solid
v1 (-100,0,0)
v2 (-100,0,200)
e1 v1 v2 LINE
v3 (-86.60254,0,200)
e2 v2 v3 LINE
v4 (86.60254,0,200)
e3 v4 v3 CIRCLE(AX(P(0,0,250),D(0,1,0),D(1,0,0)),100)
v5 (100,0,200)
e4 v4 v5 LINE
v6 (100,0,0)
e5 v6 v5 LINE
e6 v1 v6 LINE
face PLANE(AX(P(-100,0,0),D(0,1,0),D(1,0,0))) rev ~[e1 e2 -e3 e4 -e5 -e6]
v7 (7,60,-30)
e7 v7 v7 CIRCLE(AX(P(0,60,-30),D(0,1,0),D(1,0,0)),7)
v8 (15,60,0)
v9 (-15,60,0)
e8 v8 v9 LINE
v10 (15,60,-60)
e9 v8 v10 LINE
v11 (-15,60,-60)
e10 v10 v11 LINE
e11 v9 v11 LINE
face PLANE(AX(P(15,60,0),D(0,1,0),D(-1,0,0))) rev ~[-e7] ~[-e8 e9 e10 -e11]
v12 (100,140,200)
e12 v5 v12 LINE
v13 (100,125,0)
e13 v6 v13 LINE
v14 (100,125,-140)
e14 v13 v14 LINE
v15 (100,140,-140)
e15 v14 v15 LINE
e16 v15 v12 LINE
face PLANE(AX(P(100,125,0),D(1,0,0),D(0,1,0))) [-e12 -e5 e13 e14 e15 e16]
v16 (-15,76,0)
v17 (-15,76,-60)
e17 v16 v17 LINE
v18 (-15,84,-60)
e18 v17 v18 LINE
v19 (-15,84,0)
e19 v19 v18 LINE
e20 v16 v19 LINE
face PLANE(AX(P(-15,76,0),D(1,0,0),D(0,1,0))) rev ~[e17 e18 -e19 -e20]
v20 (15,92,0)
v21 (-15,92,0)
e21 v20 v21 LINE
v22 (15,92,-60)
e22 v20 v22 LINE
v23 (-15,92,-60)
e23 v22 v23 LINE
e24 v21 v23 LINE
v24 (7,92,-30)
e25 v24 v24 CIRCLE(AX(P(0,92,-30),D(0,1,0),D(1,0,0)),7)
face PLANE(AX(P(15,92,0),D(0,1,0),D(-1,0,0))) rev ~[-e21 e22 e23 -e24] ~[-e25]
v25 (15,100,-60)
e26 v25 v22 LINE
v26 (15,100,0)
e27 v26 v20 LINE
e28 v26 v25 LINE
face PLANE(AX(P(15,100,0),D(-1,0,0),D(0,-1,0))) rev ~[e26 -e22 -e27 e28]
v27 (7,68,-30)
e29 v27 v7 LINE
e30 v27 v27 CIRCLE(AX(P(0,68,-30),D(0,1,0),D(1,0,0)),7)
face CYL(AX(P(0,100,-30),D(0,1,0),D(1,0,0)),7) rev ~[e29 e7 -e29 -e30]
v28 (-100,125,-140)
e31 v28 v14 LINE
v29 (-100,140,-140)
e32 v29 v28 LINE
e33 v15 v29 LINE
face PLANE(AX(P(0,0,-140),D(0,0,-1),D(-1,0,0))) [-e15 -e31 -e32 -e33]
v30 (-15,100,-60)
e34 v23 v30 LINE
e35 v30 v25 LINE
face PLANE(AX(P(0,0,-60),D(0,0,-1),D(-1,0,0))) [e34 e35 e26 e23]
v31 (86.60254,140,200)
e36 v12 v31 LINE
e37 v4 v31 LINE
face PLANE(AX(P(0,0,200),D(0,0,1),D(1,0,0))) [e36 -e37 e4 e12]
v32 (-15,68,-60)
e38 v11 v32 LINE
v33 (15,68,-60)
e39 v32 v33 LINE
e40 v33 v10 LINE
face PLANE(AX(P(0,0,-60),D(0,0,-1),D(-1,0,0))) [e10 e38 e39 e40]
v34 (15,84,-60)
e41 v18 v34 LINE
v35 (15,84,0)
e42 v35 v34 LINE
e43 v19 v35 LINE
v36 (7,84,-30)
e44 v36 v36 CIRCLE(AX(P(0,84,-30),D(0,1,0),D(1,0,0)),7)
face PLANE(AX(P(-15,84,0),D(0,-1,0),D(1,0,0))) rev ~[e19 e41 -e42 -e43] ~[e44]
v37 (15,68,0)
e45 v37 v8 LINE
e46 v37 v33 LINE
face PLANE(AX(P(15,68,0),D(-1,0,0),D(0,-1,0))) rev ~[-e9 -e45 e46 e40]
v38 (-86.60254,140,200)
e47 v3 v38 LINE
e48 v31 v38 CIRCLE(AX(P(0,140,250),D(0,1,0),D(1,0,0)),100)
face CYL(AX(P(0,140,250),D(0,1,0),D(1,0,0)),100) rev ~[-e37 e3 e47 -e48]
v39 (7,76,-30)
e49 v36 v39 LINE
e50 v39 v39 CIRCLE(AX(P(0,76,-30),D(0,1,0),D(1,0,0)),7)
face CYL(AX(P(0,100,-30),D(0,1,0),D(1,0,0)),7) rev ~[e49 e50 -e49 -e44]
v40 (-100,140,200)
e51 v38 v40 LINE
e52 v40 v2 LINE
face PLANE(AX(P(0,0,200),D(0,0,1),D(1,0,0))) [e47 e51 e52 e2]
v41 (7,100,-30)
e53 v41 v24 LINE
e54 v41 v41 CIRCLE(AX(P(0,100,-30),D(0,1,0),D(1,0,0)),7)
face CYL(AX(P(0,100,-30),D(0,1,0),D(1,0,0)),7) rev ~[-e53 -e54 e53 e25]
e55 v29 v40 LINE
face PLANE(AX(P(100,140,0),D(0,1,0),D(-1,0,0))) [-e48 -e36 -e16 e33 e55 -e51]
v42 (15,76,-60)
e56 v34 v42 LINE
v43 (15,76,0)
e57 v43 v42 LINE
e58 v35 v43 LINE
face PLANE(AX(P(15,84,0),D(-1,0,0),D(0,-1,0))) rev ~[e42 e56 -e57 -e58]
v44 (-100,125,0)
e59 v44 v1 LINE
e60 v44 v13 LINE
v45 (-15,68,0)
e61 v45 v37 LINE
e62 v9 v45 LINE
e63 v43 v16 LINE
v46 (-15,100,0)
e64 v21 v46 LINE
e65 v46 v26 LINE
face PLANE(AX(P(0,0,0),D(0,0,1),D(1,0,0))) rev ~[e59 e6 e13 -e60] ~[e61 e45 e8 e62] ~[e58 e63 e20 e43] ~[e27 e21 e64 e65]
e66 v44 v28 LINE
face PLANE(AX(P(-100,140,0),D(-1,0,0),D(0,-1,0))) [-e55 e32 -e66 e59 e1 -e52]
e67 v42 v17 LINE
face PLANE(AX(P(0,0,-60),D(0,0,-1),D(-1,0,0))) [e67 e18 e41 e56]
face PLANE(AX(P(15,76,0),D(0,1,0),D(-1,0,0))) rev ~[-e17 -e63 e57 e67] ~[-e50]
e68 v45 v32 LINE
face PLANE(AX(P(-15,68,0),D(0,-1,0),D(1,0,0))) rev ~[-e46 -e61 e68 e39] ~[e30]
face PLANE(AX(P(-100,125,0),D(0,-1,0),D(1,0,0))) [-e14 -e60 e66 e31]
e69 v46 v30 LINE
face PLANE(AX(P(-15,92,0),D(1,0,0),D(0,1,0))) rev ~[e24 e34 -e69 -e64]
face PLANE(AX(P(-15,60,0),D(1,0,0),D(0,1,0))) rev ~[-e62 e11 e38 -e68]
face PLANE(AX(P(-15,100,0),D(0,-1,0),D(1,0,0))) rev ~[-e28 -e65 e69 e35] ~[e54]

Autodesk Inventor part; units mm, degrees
ref_plane "YZ Plane" through (0, 0, 0) normal (1, 0, 0) x (0, 1, 0)
ref_plane "XZ Plane" through (0, 0, 0) normal (0, 1, 0) x (-1, 0, 0)
ref_plane "XY Plane" through (0, 0, 0) normal (0, 0, 1) x (1, 0, 0)
sketch "Skizze1" plane through (0, 0, 0) normal (0, 0, 1) x (1, 0, 0)
  line L0 (-100, 0) -> (100, 0)
  line L1 (100, 0) -> (100, 140)
  line L2 (100, 140) -> (-100, 140)
  line L3 (-100, 140) -> (-100, 0)
  point P0 (0, 0)
  dimension "d0" = 200
  dimension "d1" = 140
extrude "Extrusion1" add sketch "Skizze1" along normal blind 200
sketch "Skizze2" plane through (-100, 140, 0) normal (0, 1, 0) x (1, 0, 0)
  circle A0 centre (100, -250) radius 100
  point P0 (100, 0)
  dimension "d4" = 200
extrude "Extrusion2" cut sketch "Skizze2" against normal blind 140
sketch "Skizze3" plane through (0, 0, 0) normal (0, 0, -1) x (-1, 0, 0)
  point P0 (0, 0)
sketch "Skizze4" plane through (0, 0, 0) normal (0, 0, -1) x (-1, 0, 0)
  line L0 (15, 68) -> (-15, 68)
  line L1 (-15, 68) -> (-15, 60)
  line L2 (-15, 60) -> (15, 60)
  line L3 (15, 60) -> (15, 68)
  line L4 (-15, 76) -> (15, 76)
  line L5 (15, 76) -> (15, 84)
  line L6 (15, 84) -> (-15, 84)
  line L7 (-15, 84) -> (-15, 76)
  line L8 (-15, 92) -> (15, 92)
  line L9 (15, 92) -> (15, 100)
  line L10 (15, 100) -> (-15, 100)
  line L11 (-15, 100) -> (-15, 92)
  point P0 (0, 0)
  dimension "d7" = 30
  dimension "d8" = 8
  dimension "d9" = 30
  dimension "d10" = 8
  dimension "d11" = 8
extrude "Extrusion3" add sketch "Skizze4" along normal blind 60
sketch "Skizze5" plane through (-15, 100, 0) normal (0, 1, 0) x (1, 0, 0)
  circle A0 centre (15, 30) radius 7
  line L0 (0, 60) -> (30, 60) projected
  arc A1 (30, 60) -> (0, 60) centre (15, 60) ccw
  point P0 (15, 0)
  dimension "d14" = 14
  dimension "d15" = 15
extrude "Extrusion4" cut sketch "Skizze5" against normal blind 40 contours A0
sketch "Skizze6" plane through (0, 0, 0) normal (0, 0, -1) x (-1, 0, 0)
  line L0 (-100, 0) -> (-100, 140) projected
  line L1 (100, 140) -> (100, 0) projected
  line L2 (-100, 140) -> (100, 140)
  line L3 (100, 140) -> (100, 125)
  line L4 (100, 125) -> (-100, 125)
  line L5 (-100, 125) -> (-100, 140)
  point P0 (0, 0)
  dimension "d18" = 15
extrude "Extrusion5" add sketch "Skizze6" along normal blind 140
properties part number "Ausschub_Magazin"
